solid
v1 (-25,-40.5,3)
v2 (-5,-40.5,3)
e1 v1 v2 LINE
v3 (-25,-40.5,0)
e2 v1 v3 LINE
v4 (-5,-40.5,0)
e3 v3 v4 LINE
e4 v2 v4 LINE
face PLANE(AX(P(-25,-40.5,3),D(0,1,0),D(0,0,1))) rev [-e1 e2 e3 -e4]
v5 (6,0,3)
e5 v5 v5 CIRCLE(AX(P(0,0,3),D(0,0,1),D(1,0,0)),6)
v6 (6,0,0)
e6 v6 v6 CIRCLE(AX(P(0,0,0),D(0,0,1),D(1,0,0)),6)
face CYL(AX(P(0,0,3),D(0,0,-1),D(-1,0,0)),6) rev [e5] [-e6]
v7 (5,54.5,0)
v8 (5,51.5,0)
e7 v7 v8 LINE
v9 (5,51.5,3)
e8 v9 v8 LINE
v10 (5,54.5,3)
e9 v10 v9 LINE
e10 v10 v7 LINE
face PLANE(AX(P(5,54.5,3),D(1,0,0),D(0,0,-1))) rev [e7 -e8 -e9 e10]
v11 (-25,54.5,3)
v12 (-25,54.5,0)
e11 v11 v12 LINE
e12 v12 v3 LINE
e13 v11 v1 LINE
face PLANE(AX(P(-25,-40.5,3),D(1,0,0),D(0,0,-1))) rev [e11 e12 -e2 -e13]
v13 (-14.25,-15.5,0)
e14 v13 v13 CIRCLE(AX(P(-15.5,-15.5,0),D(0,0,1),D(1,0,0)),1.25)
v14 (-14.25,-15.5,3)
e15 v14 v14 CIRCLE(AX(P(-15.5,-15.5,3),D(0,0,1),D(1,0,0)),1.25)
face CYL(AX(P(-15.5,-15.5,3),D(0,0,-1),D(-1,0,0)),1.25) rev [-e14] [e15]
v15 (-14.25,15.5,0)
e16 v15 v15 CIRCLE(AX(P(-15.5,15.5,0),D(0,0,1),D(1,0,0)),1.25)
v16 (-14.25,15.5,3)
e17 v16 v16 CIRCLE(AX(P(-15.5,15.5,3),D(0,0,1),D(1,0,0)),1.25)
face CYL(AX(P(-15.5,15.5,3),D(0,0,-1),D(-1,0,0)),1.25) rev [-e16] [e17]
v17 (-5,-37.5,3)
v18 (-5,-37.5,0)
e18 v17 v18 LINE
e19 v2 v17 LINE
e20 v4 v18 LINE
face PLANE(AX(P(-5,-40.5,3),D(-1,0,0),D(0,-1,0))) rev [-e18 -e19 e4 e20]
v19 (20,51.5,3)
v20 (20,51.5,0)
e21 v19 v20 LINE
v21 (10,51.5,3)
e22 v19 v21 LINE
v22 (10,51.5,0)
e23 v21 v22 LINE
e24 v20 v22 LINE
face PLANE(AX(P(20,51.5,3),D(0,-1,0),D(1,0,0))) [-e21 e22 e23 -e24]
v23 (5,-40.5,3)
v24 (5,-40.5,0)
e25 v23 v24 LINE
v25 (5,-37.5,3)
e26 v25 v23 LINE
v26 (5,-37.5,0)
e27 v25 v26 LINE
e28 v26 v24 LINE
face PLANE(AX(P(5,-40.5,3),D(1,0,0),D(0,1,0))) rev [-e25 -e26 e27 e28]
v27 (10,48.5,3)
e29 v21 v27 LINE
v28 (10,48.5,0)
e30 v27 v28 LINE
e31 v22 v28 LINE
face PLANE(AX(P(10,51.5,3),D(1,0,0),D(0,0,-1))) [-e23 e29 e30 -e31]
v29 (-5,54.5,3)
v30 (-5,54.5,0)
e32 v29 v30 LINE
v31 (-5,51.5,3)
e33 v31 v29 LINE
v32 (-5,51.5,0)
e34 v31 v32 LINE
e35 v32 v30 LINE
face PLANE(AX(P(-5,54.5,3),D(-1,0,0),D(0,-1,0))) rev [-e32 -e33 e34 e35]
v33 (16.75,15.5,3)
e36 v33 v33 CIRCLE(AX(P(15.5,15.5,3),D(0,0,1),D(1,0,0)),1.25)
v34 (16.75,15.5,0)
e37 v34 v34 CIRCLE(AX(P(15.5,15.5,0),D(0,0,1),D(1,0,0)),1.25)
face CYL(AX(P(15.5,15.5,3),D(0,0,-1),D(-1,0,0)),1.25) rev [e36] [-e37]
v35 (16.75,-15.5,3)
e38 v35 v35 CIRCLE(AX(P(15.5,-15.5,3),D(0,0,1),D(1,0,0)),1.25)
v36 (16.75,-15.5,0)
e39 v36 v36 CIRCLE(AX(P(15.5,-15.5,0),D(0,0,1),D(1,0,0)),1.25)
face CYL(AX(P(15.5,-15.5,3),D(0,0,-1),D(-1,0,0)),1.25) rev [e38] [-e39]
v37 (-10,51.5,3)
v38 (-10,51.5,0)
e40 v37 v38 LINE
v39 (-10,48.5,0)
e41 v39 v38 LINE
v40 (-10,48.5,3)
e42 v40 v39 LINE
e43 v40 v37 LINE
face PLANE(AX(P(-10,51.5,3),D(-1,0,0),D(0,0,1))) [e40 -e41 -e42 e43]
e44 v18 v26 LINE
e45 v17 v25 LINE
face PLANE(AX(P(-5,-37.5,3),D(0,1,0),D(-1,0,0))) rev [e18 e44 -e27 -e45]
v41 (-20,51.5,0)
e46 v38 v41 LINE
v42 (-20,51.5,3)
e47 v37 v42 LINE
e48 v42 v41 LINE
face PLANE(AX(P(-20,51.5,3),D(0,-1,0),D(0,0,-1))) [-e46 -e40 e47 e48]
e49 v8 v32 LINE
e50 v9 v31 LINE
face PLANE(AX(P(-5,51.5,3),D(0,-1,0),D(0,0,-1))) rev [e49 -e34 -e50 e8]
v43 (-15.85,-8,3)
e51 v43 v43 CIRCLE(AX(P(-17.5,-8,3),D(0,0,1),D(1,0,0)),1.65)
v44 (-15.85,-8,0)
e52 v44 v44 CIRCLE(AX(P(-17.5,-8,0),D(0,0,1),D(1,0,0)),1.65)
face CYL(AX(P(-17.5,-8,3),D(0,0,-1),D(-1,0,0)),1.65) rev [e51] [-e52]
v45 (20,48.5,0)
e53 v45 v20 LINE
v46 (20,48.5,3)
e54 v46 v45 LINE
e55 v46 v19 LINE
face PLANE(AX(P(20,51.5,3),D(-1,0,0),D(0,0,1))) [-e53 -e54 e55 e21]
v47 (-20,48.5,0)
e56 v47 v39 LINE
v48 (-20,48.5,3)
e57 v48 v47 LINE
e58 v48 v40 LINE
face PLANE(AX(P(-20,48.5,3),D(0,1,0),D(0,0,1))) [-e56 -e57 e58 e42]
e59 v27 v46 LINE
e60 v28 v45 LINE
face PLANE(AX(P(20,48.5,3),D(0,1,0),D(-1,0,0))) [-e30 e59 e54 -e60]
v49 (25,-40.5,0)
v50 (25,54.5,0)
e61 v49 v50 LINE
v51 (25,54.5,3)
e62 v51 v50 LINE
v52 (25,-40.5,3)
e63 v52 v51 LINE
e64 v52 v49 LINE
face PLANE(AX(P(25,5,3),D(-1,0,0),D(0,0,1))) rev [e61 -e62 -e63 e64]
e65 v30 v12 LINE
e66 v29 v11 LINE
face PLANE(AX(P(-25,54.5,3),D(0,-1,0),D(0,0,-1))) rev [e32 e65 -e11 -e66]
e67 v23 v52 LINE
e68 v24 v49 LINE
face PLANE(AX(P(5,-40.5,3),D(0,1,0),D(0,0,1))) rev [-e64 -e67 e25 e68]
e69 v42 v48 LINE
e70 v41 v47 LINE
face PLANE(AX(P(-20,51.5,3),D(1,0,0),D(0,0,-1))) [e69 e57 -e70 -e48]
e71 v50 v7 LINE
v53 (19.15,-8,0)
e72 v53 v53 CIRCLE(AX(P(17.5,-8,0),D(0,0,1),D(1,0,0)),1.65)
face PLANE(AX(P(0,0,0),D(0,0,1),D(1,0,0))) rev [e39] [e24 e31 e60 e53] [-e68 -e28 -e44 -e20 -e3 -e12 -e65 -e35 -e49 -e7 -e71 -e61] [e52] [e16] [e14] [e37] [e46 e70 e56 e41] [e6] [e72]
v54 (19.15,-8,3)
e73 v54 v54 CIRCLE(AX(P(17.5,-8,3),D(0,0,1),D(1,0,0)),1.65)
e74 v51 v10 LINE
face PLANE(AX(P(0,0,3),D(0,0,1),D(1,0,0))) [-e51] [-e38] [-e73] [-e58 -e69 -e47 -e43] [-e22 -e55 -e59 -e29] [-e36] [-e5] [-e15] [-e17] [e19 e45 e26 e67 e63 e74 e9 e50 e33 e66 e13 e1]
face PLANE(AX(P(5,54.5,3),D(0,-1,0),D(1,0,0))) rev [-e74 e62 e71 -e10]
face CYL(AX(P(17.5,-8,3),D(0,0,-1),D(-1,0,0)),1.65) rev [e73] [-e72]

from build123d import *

# Parameters (mm, degrees)
SKETCH1_R           = 6
SKETCH1_R_2         = 1.25
SKETCH1_R_3         = 1.65
SKETCH1_W           = 10
SKETCH1_H           = 3
BOSS_EXTRUDE2_DEPTH = 3


with BuildPart() as part:
    # Sketch1 → Boss-Extrude2 (new body)
    with BuildSketch(Plane.XY):
        Polygon((25, 5), (25, -5.5), (25, -40.5), (5, -40.5), (5, -37.5), (-5, -37.5), (-5, -40.5), (-25, -40.5), (-25, -5.5), (-25, 4.5), (-25, 24.5), (-25, 54.5), (-5, 54.5), (-5, 51.5), (5, 51.5), (5, 54.5), (25, 54.5), (25, 24.5), align=None)
        Circle(SKETCH1_R, mode=Mode.SUBTRACT)
        with Locations((-15.5, 15.5)):
            Circle(SKETCH1_R_2, mode=Mode.SUBTRACT)
        with Locations((15.5, 15.5)):
            Circle(SKETCH1_R_2, mode=Mode.SUBTRACT)
        with Locations((15.5, -15.5)):
            Circle(SKETCH1_R_2, mode=Mode.SUBTRACT)
        with Locations((-15.5, -15.5)):
            Circle(SKETCH1_R_2, mode=Mode.SUBTRACT)
        with Locations((-17.5, -8)):
            Circle(SKETCH1_R_3, mode=Mode.SUBTRACT)
        with Locations((17.5, -8)):
            Circle(SKETCH1_R_3, mode=Mode.SUBTRACT)
        with Locations((-15, 50)):
            Rectangle(SKETCH1_W, SKETCH1_H, mode=Mode.SUBTRACT)
        with Locations((15, 50)):
            Rectangle(SKETCH1_W, SKETCH1_H, mode=Mode.SUBTRACT)
    extrude(amount=BOSS_EXTRUDE2_DEPTH)


solid = part.part
